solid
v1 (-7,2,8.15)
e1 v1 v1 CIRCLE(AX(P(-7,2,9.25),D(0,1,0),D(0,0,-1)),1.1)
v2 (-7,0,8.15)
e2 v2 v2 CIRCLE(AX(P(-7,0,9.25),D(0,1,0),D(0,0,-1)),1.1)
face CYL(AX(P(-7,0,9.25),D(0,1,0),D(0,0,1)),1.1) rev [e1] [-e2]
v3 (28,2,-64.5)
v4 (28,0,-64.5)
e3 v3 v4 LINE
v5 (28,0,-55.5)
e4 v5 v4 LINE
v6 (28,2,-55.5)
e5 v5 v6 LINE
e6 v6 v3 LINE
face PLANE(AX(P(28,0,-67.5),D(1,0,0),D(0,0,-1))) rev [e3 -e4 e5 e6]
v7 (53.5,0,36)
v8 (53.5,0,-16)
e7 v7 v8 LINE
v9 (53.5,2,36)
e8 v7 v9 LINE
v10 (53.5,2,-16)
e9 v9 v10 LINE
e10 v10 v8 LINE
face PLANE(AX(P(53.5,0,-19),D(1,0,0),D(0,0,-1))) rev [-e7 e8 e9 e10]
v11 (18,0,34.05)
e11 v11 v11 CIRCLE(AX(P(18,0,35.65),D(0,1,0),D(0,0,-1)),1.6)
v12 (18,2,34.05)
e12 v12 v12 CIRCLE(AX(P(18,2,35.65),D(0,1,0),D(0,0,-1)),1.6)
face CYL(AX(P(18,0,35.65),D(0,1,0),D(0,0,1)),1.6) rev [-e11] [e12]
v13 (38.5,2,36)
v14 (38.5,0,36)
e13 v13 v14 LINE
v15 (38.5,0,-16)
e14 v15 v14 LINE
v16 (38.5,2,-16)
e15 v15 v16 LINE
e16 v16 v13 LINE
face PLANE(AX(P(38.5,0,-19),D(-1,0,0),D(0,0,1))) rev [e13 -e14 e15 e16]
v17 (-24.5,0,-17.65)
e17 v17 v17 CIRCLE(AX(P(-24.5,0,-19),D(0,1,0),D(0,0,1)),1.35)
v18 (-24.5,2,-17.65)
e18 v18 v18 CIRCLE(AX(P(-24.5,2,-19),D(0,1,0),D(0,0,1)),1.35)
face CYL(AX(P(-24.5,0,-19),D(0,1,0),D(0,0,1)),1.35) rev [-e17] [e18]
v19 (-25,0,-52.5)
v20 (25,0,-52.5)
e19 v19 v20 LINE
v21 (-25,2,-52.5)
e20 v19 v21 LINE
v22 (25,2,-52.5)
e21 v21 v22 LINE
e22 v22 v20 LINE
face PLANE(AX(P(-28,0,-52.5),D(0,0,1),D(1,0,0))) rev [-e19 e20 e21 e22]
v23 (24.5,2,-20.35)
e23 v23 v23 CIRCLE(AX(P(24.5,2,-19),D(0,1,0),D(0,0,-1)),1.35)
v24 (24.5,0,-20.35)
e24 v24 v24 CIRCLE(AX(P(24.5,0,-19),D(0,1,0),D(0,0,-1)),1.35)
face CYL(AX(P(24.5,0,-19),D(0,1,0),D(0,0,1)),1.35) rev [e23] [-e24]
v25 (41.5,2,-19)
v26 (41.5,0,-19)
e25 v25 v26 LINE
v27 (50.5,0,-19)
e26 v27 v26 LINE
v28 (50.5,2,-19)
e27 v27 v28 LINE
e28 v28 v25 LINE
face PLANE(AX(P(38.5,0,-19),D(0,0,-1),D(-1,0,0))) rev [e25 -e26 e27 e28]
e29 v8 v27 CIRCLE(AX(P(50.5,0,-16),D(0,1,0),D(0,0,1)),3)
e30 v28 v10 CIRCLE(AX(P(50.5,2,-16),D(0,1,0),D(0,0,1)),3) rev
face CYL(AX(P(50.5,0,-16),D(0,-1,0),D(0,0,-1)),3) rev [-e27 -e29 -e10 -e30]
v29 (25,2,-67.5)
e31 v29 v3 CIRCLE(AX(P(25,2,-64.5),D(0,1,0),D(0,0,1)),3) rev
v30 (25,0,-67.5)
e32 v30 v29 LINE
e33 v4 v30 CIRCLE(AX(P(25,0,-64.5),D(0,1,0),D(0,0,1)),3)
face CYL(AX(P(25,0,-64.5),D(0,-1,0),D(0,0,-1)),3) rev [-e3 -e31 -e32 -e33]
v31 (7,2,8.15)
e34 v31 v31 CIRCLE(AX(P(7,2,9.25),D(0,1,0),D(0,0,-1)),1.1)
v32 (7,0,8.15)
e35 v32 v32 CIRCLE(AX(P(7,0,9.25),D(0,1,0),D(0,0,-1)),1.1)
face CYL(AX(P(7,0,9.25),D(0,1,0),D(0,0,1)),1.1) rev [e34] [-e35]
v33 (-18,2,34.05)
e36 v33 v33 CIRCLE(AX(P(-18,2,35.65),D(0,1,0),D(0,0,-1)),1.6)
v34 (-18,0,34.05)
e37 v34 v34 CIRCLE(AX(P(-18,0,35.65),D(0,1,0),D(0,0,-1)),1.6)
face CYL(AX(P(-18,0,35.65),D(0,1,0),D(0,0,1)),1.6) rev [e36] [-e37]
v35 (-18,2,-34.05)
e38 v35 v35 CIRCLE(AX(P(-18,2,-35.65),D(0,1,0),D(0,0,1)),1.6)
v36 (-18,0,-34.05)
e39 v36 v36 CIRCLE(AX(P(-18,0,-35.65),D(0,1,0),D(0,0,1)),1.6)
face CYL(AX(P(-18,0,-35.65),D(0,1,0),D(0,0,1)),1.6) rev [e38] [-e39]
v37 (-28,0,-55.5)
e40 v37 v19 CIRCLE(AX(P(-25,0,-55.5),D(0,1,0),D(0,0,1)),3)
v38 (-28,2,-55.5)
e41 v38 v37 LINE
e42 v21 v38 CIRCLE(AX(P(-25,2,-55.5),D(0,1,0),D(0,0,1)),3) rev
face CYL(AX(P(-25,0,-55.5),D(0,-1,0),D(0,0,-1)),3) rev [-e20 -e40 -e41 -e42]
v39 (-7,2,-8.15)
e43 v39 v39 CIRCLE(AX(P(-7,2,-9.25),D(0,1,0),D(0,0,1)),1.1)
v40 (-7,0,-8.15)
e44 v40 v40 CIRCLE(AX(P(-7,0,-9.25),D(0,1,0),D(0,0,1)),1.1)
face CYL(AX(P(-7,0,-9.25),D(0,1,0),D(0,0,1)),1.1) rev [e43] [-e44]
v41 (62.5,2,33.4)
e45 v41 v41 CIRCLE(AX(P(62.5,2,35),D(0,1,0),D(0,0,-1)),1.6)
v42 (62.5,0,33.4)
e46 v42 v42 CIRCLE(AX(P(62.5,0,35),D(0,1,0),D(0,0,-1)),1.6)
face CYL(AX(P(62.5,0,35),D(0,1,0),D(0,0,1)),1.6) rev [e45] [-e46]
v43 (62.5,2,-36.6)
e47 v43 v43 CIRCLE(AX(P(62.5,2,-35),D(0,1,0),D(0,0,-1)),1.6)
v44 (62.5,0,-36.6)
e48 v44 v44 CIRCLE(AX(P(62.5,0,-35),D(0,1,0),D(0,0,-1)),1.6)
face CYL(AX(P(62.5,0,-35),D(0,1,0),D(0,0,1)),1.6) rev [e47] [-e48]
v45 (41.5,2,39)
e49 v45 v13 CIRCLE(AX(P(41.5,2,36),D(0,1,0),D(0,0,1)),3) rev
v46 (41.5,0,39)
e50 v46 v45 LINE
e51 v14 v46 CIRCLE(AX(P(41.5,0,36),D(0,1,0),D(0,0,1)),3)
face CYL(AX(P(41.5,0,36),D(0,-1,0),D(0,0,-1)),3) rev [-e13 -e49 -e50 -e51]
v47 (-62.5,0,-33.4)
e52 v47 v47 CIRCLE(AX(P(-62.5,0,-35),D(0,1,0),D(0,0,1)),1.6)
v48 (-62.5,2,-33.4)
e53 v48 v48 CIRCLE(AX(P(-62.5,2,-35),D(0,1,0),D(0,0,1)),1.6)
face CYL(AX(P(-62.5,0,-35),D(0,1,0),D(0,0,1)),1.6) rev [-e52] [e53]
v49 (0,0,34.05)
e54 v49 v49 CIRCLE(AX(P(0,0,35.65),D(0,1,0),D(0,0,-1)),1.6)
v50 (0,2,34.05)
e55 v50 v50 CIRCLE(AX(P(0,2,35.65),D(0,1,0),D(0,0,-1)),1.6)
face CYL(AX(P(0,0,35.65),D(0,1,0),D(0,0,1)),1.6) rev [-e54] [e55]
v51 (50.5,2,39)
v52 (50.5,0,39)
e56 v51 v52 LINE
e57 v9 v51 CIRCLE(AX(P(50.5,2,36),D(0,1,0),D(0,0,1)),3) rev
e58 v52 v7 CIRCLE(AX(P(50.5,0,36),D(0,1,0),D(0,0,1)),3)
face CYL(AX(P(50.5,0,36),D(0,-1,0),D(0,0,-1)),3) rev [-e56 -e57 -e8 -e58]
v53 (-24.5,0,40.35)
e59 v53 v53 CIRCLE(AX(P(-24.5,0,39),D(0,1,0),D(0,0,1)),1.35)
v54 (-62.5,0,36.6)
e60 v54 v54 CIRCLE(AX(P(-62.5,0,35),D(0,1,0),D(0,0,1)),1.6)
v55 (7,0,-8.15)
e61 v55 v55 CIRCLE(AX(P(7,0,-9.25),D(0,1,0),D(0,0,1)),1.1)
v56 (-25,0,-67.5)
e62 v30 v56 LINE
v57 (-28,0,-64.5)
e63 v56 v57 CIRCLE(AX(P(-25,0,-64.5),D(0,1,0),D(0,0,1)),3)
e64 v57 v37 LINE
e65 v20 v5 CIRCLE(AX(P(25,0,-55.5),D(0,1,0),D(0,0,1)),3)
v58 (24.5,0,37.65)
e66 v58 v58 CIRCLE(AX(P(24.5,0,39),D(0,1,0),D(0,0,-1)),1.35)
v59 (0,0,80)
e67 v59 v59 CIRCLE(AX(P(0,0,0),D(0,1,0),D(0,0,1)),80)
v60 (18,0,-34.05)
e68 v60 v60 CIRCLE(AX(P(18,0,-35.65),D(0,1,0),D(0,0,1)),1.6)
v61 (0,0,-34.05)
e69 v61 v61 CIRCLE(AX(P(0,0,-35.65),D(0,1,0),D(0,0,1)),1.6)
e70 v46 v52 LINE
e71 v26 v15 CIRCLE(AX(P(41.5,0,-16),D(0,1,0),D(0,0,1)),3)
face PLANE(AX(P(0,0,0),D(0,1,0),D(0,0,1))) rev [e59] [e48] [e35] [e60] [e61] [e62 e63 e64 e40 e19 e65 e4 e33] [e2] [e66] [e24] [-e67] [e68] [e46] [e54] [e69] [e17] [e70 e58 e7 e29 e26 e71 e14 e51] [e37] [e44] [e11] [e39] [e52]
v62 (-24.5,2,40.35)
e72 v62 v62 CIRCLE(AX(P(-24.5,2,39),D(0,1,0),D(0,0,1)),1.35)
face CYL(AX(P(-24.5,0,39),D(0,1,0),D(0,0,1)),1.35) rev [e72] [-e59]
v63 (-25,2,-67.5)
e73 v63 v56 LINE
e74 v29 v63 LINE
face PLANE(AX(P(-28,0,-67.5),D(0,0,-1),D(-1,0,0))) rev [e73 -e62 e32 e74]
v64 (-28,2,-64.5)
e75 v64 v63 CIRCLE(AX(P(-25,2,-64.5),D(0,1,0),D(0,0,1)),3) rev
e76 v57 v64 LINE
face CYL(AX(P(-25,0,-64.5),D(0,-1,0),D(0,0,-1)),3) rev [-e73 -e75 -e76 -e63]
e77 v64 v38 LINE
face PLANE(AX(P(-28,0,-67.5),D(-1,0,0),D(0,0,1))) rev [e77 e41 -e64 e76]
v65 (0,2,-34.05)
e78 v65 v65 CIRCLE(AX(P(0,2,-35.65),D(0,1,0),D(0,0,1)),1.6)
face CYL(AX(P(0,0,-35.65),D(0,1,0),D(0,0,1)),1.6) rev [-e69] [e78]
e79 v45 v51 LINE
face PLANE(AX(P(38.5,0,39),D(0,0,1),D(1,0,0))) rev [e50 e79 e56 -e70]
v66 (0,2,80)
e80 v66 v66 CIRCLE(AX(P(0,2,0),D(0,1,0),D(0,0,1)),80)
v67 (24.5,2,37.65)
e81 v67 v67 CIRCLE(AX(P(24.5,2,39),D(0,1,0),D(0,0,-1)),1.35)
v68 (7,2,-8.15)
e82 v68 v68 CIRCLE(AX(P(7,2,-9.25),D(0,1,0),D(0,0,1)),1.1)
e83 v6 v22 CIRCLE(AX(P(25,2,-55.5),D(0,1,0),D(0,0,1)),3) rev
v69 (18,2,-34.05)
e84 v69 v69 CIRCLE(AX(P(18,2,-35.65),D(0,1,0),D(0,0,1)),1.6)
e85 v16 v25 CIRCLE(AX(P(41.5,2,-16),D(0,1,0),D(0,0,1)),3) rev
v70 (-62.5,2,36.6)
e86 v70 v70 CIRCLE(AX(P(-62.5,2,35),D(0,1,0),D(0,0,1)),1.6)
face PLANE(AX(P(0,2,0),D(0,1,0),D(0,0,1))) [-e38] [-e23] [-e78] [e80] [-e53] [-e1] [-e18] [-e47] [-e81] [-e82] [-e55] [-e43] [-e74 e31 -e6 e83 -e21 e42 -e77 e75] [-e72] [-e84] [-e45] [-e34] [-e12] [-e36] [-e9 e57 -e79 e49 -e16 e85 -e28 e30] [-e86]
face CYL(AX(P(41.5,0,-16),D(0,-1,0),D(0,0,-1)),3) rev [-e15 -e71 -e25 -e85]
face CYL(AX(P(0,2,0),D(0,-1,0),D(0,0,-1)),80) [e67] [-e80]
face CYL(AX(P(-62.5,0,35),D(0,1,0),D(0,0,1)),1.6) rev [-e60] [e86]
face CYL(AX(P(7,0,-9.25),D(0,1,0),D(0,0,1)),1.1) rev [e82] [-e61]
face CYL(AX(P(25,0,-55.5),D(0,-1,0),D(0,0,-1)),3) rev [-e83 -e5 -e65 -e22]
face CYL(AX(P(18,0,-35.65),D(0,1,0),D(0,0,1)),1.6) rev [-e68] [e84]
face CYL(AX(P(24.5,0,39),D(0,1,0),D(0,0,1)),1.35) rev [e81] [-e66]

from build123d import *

# Parameters (mm, degrees)
SKETCH_1_R             = 80
EXTRUDE_1_DEPTH        = 2
SKETCH_2_R             = 1.6
CUT_EXTRUDE_445_DEPTH  = 2
SKETCH_3_R             = 1.35
SKETCH_3_W             = 56
SKETCH_3_H             = 15
SKETCH_3_W_2           = 15
SKETCH_3_H_2           = 58
CUT_EXTRUDE_949_DEPTH  = 2
SKETCH_4_R             = 1.6
CUT_EXTRUDE_1375_DEPTH = 2
SKETCH_5_R             = 1.1
CUT_EXTRUDE_1819_DEPTH = 2
FILLET_2_R             = 3


with BuildPart() as part:
    # 草图1 → 凸台-拉伸1 (new body)
    with BuildSketch(Plane(origin=(0, 0, 0), x_dir=(1, 0, 0), z_dir=(0, 1, 0))):
        Circle(SKETCH_1_R)
    extrude(amount=EXTRUDE_1_DEPTH)

    # 草图2 → Cut-Extrude 445 (cut)
    with BuildSketch(Plane(origin=(0, 2, 0), x_dir=(1, 0, 0), z_dir=(0, 1, 0))):
        with Locations((-62.5, 35)):
            Circle(SKETCH_2_R)
        with Locations((-62.5, -35)):
            Circle(SKETCH_2_R)
        with Locations((62.5, -35)):
            Circle(SKETCH_2_R)
        with Locations((62.5, 35)):
            Circle(SKETCH_2_R)
    extrude(amount=-CUT_EXTRUDE_445_DEPTH, mode=Mode.SUBTRACT)

    # 草图3 → Cut-Extrude 949 (cut)
    with BuildSketch(Plane(origin=(0, 2, 0), x_dir=(1, 0, 0), z_dir=(0, 1, 0))):
        with Locations((-24.5, 19)):
            Circle(SKETCH_3_R)
        with Locations((-24.5, -39)):
            Circle(SKETCH_3_R)
        with Locations((24.5, -39)):
            Circle(SKETCH_3_R)
        with Locations((24.5, 19)):
            Circle(SKETCH_3_R)
        with Locations((0, 60)):
            Rectangle(SKETCH_3_W, SKETCH_3_H)
        with Locations((46, -10)):
            Rectangle(SKETCH_3_W_2, SKETCH_3_H_2)
    extrude(amount=-CUT_EXTRUDE_949_DEPTH, mode=Mode.SUBTRACT)

    # 草图4 → Cut-Extrude 1375 (cut)
    with BuildSketch(Plane(origin=(0, 2, 0), x_dir=(1, 0, 0), z_dir=(0, 1, 0))):
        with Locations((-18, 35.65)):
            Circle(SKETCH_4_R)
        with Locations((0, 35.65)):
            Circle(SKETCH_4_R)
        with Locations((18, 35.65)):
            Circle(SKETCH_4_R)
        with Locations((18, -35.65)):
            Circle(SKETCH_4_R)
        with Locations((0, -35.65)):
            Circle(SKETCH_4_R)
        with Locations((-18, -35.65)):
            Circle(SKETCH_4_R)
    extrude(amount=-CUT_EXTRUDE_1375_DEPTH, mode=Mode.SUBTRACT)

    # 草图5 → Cut-Extrude 1819 (cut)
    with BuildSketch(Plane(origin=(0, 2, 0), x_dir=(1, 0, 0), z_dir=(0, 1, 0))):
        with Locations((-7, 9.25)):
            Circle(SKETCH_5_R)
        with Locations((7, 9.25)):
            Circle(SKETCH_5_R)
        with Locations((7, -9.25)):
            Circle(SKETCH_5_R)
        with Locations((-7, -9.25)):
            Circle(SKETCH_5_R)
    extrude(amount=-CUT_EXTRUDE_1819_DEPTH, mode=Mode.SUBTRACT)

    # 圆角2
    fillet_2_edges = [part.edges().sort_by_distance(p)[0] for p in [
        (38.5, 1, 39),
        (38.5, 1, -19),
        (53.5, 1, -19),
        (53.5, 1, 39),
        (-28, 1, -52.5),
        (-28, 1, -67.5),
        (28, 1, -67.5),
        (28, 1, -52.5),
    ]]
    fillet(fillet_2_edges, radius=FILLET_2_R)


solid = part.part
